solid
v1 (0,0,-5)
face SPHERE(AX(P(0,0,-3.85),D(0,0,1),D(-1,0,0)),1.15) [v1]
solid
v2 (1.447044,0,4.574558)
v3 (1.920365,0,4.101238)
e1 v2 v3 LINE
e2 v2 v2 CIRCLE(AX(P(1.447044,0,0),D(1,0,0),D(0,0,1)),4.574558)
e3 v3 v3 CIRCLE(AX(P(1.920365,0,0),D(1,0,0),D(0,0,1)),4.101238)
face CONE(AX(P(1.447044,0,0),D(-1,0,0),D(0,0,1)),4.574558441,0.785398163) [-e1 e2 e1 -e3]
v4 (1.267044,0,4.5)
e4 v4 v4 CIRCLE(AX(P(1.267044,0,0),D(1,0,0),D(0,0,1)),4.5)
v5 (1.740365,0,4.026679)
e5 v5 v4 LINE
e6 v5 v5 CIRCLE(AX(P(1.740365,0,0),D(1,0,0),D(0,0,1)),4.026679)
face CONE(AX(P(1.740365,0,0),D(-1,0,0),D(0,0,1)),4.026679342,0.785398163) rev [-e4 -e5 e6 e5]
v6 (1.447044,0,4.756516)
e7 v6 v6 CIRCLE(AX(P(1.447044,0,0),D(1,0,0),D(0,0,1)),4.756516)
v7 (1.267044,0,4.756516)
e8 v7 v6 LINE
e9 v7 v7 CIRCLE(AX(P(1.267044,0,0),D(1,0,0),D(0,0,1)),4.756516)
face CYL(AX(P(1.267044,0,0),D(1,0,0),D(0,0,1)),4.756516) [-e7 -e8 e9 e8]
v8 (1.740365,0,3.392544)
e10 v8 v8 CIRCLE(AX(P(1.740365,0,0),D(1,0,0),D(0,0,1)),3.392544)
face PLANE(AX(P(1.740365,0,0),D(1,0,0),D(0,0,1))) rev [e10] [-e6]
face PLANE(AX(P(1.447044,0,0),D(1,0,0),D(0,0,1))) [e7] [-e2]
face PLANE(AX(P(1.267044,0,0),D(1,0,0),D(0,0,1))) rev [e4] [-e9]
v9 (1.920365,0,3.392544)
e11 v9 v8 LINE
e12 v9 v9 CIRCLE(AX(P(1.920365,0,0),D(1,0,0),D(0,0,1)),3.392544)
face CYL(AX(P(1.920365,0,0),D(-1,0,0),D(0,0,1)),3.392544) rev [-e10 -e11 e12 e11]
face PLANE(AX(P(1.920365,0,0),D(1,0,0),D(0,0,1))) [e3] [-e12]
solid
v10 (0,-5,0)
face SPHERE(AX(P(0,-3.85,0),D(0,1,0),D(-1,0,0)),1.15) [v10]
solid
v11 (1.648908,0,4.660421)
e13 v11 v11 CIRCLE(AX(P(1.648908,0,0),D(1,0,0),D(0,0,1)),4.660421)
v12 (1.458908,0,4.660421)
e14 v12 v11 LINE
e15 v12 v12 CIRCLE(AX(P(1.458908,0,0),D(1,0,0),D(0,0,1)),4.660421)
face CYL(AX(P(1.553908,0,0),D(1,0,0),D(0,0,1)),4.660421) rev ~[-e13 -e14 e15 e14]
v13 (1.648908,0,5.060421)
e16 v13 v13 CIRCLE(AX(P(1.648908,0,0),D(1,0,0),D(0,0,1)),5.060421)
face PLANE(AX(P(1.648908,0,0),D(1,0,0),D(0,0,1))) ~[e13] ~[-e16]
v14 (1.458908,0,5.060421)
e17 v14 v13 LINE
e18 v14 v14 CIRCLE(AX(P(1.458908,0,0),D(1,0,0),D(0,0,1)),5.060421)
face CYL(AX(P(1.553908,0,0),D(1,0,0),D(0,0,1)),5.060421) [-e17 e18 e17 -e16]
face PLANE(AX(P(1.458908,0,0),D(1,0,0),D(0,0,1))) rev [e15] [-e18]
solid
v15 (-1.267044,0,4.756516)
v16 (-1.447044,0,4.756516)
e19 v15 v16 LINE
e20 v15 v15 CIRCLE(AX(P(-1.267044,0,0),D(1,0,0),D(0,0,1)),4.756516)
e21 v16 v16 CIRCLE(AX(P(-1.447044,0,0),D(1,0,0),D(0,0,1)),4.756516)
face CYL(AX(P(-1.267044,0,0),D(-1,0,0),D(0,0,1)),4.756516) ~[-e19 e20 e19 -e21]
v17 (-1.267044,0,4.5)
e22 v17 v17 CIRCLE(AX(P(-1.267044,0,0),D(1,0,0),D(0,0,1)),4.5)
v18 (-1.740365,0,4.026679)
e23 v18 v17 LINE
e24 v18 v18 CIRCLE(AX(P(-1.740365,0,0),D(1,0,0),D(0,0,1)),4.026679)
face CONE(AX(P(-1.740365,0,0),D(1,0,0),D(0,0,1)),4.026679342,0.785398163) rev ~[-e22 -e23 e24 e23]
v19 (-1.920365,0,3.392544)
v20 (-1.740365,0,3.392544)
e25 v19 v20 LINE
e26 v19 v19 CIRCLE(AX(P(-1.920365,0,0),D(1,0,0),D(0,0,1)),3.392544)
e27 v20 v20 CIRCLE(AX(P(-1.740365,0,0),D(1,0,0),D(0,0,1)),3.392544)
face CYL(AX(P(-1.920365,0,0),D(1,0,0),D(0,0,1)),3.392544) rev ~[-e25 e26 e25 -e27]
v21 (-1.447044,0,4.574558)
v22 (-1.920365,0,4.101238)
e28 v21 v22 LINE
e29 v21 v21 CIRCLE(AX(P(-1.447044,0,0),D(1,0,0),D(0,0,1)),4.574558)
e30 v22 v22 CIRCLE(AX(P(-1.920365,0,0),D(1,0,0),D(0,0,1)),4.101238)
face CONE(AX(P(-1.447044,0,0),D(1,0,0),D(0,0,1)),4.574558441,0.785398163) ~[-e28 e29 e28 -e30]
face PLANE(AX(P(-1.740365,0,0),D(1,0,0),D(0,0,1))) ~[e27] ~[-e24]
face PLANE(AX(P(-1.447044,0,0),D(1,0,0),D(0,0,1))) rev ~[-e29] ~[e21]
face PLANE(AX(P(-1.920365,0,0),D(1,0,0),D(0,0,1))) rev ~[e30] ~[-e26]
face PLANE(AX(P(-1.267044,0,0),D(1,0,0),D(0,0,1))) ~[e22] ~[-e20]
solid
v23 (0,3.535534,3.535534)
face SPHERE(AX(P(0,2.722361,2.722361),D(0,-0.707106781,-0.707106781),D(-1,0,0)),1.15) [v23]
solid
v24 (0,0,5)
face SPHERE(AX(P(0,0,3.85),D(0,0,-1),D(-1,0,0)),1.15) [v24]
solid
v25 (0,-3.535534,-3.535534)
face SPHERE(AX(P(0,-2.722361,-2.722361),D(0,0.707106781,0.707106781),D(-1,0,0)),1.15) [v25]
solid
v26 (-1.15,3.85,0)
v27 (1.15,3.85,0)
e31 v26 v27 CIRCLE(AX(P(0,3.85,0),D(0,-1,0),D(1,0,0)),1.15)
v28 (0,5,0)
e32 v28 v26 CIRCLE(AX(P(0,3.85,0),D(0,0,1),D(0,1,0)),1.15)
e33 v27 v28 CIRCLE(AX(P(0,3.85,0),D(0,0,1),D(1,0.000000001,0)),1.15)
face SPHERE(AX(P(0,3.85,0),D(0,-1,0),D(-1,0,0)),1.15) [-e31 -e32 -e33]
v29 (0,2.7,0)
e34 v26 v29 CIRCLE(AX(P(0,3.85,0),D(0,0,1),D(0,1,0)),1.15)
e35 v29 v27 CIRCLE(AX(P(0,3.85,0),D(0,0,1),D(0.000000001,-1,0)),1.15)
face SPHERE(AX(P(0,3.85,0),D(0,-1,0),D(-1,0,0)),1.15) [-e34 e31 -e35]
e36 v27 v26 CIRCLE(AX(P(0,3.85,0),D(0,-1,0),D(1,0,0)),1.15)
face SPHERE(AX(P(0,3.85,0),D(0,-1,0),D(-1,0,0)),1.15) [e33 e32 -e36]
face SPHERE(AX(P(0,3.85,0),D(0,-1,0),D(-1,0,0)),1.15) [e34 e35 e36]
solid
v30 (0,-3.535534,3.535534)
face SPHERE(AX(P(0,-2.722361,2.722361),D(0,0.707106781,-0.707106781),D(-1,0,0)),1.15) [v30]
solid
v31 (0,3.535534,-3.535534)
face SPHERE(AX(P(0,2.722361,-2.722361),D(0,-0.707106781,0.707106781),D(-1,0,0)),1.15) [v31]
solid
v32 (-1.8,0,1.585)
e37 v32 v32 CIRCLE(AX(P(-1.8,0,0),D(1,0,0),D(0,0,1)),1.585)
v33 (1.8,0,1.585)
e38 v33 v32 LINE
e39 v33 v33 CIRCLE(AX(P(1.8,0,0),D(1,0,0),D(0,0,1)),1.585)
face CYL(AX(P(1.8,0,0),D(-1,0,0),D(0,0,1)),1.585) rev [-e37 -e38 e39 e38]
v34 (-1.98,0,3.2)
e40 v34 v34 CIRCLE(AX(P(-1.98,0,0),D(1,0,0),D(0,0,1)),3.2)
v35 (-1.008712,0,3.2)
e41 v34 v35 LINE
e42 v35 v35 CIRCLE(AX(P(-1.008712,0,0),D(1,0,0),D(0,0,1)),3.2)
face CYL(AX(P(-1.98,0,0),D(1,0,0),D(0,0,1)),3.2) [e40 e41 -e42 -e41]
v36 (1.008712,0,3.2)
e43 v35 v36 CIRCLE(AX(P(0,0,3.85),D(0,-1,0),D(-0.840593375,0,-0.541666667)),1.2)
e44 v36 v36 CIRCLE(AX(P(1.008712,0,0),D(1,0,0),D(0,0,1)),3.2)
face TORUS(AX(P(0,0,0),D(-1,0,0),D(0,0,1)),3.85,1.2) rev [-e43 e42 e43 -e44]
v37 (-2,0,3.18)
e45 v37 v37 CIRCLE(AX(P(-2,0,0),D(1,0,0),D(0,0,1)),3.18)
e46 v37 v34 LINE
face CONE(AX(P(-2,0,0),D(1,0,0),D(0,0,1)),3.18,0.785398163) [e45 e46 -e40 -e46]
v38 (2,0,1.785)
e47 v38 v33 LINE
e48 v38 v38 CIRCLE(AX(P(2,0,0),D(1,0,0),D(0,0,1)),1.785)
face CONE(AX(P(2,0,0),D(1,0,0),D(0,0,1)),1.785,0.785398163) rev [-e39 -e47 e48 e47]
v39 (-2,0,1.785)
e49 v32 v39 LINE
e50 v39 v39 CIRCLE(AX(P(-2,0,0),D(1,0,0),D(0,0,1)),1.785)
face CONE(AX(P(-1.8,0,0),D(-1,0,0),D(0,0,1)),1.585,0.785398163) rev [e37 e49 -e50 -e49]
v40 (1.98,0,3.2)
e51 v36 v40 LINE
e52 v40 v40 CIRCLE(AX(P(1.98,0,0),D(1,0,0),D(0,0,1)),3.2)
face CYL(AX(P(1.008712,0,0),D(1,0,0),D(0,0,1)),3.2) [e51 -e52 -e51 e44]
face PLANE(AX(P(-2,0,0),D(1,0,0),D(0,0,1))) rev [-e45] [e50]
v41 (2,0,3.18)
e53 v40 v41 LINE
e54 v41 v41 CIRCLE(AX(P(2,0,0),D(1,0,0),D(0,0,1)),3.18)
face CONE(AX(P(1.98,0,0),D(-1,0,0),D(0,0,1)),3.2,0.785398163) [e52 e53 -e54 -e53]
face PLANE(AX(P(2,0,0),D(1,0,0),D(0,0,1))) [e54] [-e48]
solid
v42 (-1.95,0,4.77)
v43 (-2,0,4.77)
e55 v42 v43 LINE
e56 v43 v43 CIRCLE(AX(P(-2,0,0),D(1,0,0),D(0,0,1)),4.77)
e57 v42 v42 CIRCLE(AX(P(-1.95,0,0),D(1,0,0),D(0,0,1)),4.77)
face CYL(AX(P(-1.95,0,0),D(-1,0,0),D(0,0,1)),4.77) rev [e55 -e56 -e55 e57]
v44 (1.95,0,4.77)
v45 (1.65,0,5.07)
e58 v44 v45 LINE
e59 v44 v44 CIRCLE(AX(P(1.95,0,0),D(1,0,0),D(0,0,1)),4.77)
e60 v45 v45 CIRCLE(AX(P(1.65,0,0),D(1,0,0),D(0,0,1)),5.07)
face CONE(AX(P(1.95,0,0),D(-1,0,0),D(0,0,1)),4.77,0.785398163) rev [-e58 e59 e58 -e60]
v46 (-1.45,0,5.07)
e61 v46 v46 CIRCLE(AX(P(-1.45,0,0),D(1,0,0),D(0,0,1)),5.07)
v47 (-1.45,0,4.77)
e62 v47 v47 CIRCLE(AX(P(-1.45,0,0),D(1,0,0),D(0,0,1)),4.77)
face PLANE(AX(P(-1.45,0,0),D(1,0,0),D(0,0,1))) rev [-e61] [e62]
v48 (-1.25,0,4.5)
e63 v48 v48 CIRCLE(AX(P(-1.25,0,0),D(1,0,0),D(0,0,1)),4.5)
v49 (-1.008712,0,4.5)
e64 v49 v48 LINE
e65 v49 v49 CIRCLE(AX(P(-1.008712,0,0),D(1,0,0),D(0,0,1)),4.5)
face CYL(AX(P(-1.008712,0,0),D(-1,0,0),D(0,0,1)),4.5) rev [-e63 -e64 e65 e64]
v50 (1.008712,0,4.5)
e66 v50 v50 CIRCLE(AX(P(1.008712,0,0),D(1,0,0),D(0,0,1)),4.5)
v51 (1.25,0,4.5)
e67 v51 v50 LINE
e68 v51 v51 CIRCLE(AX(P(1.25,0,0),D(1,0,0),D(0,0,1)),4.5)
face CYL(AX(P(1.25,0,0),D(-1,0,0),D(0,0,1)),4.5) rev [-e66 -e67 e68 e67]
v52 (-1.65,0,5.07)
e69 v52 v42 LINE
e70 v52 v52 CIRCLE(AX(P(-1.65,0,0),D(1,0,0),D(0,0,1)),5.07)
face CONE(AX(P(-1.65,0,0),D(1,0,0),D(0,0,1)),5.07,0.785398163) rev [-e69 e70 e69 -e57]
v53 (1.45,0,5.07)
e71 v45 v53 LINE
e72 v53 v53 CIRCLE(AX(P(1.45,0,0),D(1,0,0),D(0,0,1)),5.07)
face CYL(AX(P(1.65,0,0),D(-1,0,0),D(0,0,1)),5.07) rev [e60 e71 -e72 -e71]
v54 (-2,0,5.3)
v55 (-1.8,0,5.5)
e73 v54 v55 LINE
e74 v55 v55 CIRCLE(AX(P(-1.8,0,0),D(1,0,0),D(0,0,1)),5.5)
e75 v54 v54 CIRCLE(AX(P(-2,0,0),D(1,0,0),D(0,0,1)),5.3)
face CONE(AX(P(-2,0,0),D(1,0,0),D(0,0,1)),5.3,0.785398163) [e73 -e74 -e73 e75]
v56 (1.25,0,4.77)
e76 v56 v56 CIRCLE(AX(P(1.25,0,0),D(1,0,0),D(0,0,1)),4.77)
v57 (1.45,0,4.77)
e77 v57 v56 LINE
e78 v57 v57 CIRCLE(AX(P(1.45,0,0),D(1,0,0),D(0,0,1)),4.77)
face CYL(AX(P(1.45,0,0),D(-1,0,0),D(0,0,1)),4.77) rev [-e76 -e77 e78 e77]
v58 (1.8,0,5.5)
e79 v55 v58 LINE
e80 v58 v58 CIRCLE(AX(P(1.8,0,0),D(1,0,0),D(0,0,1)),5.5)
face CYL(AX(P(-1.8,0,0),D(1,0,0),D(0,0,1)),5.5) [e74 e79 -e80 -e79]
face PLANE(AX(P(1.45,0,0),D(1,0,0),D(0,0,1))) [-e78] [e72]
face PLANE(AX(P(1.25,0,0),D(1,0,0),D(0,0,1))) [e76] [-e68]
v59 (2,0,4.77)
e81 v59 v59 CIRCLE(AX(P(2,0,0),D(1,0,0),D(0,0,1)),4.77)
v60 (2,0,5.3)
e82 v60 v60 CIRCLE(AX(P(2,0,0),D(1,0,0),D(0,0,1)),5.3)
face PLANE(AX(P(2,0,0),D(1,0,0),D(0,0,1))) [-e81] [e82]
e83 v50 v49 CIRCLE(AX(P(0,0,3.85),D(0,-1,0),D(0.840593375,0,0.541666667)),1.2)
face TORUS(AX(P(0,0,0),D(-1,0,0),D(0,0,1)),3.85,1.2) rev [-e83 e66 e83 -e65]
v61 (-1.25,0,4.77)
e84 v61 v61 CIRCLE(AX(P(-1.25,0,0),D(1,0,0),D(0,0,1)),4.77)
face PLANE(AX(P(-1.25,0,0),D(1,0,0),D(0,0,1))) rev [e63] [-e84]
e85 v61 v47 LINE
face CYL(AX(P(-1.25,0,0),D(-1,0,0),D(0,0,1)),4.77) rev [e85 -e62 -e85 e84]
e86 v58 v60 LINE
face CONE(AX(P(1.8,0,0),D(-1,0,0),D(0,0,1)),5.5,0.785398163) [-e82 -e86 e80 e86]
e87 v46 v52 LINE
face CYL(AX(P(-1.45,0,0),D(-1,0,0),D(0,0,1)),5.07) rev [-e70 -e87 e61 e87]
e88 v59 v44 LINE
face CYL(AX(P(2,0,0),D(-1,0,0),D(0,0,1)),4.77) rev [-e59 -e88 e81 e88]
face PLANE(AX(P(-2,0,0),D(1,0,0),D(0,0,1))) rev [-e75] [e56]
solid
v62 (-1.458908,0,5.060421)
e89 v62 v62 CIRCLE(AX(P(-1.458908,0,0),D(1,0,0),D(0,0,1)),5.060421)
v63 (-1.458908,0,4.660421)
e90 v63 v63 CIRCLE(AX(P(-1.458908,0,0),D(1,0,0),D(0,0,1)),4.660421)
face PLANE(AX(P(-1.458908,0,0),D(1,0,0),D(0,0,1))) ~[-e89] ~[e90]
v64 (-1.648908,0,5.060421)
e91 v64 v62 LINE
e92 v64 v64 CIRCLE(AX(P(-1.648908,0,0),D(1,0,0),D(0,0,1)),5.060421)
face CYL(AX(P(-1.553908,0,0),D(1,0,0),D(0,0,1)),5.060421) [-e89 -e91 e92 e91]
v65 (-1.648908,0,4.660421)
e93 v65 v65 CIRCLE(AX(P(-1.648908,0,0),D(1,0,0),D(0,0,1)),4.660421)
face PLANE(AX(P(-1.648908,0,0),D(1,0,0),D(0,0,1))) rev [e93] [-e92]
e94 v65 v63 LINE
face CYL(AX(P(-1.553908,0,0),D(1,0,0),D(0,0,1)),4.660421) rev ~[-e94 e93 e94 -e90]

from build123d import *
from build123d.topology import SkipClean

# Parameters (mm, degrees)
SKETCH1_4_W       = 0.19
SKETCH1_4_H       = 0.4
CIRPATTERN2_COUNT = 8


with BuildPart() as part:
    # Sketch1 → Revolve1 (revolve)
    with BuildSketch(Plane.XY, mode=Mode.PRIVATE) as revolve1_sk:
        with BuildLine():
            ThreePointArc((1.00871205, 4.5), (0, 5.05), (-1.00871205, 4.5))
            Line((-1.00871205, 4.5), (-1.25, 4.5))
            Line((-1.25, 4.5), (-1.25, 4.77))
            Line((-1.25, 4.77), (-1.45, 4.77))
            Line((-1.45, 4.77), (-1.45, 5.07))
            Line((-1.45, 5.07), (-1.65, 5.07))
            Line((-1.65, 5.07), (-1.95, 4.77))
            Line((-1.95, 4.77), (-2, 4.77))
            Line((-2, 4.77), (-2, 5.3))
            Line((-2, 5.3), (-1.8, 5.5))
            Line((-1.8, 5.5), (1.8, 5.5))
            Line((1.8, 5.5), (2, 5.3))
            Line((2, 5.3), (2, 4.77))
            Line((2, 4.77), (1.95, 4.77))
            Line((1.95, 4.77), (1.65, 5.07))
            Line((1.65, 5.07), (1.45, 5.07))
            Line((1.45, 5.07), (1.45, 4.77))
            Line((1.45, 4.77), (1.25, 4.77))
            Line((1.25, 4.77), (1.25, 4.5))
            Line((1.25, 4.5), (1.00871205, 4.5))
        make_face()
        with BuildLine():
            ThreePointArc((-1.00871205, 3.2), (0, 2.65), (1.00871205, 3.2))
            Line((1.00871205, 3.2), (1.98, 3.2))
            Line((1.98, 3.2), (2, 3.18))
            Line((2, 3.18), (2, 1.785))
            Line((2, 1.785), (1.8, 1.585))
            Line((1.8, 1.585), (-1.8, 1.585))
            Line((-1.8, 1.585), (-2, 1.785))
            Line((-2, 1.785), (-2, 3.18))
            Line((-2, 3.18), (-1.98, 3.2))
            Line((-1.98, 3.2), (-1.00871205, 3.2))
        make_face()
    revolve(revolve1_sk.sketch.rotate(Axis((0, 0, 0), (1, 0, 0)), 90), axis=Axis((0, 0, 0), (1, 0, 0)))


with BuildPart() as body_2:
    # Sketch1<3> → Revolve2 (revolve)
    with BuildSketch(Plane.XY, mode=Mode.PRIVATE) as revolve2_sk:
        Polygon((1.92036514, 4.101237783), (1.92036514, 3.392543849), (1.74036514, 3.392543849), (1.74036514, 4.026679342), (1.267044482, 4.5), (1.267044482, 4.756515811), (1.447044482, 4.756515811), (1.447044482, 4.574558441), align=None)
        Polygon((-1.267044482, 4.5), (-1.267044482, 4.756515811), (-1.447044482, 4.756515811), (-1.447044482, 4.574558441), (-1.92036514, 4.101237783), (-1.92036514, 3.392543849), (-1.74036514, 3.392543849), (-1.74036514, 4.026679342), align=None)
    revolve(revolve2_sk.sketch.rotate(Axis((0, 0, 0), (1, 0, 0)), 90), axis=Axis((0, 0, 0), (1, 0, 0)))


with BuildPart() as body_3:
    # Sketch1<4> → Revolve3 (revolve)
    with BuildSketch(Plane.XY, mode=Mode.PRIVATE) as revolve3_sk:
        with Locations((1.553908134, 4.860421419)):
            Rectangle(SKETCH1_4_W, SKETCH1_4_H)
        with Locations((-1.553908134, 4.860421419)):
            Rectangle(SKETCH1_4_W, SKETCH1_4_H)
    revolve(revolve3_sk.sketch.rotate(Axis((0, 0, 0), (1, 0, 0)), 90), axis=Axis((0, 0, 0), (1, 0, 0)))


with BuildPart() as body_4:
    # Sketch1<5> → Revolve4 (revolve)
    with SkipClean():  # the faces are left unmerged after this step: merging them gives an invalid solid
        with BuildSketch(Plane.XY):
            with BuildLine():
                ThreePointArc((1.15, 3.85), (0.813172798, 4.663172798), (0, 5))
                Line((0, 5), (0, 2.7))
                ThreePointArc((0, 2.7), (0.813172798, 3.036827202), (1.15, 3.85))
            make_face()
            with BuildLine():
                Line((0, 2.7), (0, 5))
                ThreePointArc((0, 5), (-1.15, 3.85), (0, 2.7))
            make_face()
        revolve(axis=Axis((0, 5, 0), (0, -1, 0)))


with BuildPart() as cirpattern2_1:
    # CirPattern2: pattern copy
    add(body_4.part.rotate(Axis((0, 0, 0), (1, 0, 0)), 1 * 360 / CIRPATTERN2_COUNT))


with BuildPart() as cirpattern2_2:
    # CirPattern2: pattern copy
    add(body_4.part.rotate(Axis((0, 0, 0), (1, 0, 0)), 2 * 360 / CIRPATTERN2_COUNT))


with BuildPart() as cirpattern2_3:
    # CirPattern2: pattern copy
    add(body_4.part.rotate(Axis((0, 0, 0), (1, 0, 0)), 3 * 360 / CIRPATTERN2_COUNT))


with BuildPart() as cirpattern2_4:
    # CirPattern2: pattern copy
    add(body_4.part.rotate(Axis((0, 0, 0), (1, 0, 0)), 4 * 360 / CIRPATTERN2_COUNT))


with BuildPart() as cirpattern2_5:
    # CirPattern2: pattern copy
    add(body_4.part.rotate(Axis((0, 0, 0), (1, 0, 0)), 5 * 360 / CIRPATTERN2_COUNT))


with BuildPart() as cirpattern2_6:
    # CirPattern2: pattern copy
    add(body_4.part.rotate(Axis((0, 0, 0), (1, 0, 0)), 6 * 360 / CIRPATTERN2_COUNT))


with BuildPart() as cirpattern2_7:
    # CirPattern2: pattern copy
    add(body_4.part.rotate(Axis((0, 0, 0), (1, 0, 0)), 7 * 360 / CIRPATTERN2_COUNT))


solid = Compound([part.part, body_2.part, body_3.part, body_4.part, cirpattern2_1.part, cirpattern2_2.part, cirpattern2_3.part, cirpattern2_4.part, cirpattern2_5.part, cirpattern2_6.part, cirpattern2_7.part])
